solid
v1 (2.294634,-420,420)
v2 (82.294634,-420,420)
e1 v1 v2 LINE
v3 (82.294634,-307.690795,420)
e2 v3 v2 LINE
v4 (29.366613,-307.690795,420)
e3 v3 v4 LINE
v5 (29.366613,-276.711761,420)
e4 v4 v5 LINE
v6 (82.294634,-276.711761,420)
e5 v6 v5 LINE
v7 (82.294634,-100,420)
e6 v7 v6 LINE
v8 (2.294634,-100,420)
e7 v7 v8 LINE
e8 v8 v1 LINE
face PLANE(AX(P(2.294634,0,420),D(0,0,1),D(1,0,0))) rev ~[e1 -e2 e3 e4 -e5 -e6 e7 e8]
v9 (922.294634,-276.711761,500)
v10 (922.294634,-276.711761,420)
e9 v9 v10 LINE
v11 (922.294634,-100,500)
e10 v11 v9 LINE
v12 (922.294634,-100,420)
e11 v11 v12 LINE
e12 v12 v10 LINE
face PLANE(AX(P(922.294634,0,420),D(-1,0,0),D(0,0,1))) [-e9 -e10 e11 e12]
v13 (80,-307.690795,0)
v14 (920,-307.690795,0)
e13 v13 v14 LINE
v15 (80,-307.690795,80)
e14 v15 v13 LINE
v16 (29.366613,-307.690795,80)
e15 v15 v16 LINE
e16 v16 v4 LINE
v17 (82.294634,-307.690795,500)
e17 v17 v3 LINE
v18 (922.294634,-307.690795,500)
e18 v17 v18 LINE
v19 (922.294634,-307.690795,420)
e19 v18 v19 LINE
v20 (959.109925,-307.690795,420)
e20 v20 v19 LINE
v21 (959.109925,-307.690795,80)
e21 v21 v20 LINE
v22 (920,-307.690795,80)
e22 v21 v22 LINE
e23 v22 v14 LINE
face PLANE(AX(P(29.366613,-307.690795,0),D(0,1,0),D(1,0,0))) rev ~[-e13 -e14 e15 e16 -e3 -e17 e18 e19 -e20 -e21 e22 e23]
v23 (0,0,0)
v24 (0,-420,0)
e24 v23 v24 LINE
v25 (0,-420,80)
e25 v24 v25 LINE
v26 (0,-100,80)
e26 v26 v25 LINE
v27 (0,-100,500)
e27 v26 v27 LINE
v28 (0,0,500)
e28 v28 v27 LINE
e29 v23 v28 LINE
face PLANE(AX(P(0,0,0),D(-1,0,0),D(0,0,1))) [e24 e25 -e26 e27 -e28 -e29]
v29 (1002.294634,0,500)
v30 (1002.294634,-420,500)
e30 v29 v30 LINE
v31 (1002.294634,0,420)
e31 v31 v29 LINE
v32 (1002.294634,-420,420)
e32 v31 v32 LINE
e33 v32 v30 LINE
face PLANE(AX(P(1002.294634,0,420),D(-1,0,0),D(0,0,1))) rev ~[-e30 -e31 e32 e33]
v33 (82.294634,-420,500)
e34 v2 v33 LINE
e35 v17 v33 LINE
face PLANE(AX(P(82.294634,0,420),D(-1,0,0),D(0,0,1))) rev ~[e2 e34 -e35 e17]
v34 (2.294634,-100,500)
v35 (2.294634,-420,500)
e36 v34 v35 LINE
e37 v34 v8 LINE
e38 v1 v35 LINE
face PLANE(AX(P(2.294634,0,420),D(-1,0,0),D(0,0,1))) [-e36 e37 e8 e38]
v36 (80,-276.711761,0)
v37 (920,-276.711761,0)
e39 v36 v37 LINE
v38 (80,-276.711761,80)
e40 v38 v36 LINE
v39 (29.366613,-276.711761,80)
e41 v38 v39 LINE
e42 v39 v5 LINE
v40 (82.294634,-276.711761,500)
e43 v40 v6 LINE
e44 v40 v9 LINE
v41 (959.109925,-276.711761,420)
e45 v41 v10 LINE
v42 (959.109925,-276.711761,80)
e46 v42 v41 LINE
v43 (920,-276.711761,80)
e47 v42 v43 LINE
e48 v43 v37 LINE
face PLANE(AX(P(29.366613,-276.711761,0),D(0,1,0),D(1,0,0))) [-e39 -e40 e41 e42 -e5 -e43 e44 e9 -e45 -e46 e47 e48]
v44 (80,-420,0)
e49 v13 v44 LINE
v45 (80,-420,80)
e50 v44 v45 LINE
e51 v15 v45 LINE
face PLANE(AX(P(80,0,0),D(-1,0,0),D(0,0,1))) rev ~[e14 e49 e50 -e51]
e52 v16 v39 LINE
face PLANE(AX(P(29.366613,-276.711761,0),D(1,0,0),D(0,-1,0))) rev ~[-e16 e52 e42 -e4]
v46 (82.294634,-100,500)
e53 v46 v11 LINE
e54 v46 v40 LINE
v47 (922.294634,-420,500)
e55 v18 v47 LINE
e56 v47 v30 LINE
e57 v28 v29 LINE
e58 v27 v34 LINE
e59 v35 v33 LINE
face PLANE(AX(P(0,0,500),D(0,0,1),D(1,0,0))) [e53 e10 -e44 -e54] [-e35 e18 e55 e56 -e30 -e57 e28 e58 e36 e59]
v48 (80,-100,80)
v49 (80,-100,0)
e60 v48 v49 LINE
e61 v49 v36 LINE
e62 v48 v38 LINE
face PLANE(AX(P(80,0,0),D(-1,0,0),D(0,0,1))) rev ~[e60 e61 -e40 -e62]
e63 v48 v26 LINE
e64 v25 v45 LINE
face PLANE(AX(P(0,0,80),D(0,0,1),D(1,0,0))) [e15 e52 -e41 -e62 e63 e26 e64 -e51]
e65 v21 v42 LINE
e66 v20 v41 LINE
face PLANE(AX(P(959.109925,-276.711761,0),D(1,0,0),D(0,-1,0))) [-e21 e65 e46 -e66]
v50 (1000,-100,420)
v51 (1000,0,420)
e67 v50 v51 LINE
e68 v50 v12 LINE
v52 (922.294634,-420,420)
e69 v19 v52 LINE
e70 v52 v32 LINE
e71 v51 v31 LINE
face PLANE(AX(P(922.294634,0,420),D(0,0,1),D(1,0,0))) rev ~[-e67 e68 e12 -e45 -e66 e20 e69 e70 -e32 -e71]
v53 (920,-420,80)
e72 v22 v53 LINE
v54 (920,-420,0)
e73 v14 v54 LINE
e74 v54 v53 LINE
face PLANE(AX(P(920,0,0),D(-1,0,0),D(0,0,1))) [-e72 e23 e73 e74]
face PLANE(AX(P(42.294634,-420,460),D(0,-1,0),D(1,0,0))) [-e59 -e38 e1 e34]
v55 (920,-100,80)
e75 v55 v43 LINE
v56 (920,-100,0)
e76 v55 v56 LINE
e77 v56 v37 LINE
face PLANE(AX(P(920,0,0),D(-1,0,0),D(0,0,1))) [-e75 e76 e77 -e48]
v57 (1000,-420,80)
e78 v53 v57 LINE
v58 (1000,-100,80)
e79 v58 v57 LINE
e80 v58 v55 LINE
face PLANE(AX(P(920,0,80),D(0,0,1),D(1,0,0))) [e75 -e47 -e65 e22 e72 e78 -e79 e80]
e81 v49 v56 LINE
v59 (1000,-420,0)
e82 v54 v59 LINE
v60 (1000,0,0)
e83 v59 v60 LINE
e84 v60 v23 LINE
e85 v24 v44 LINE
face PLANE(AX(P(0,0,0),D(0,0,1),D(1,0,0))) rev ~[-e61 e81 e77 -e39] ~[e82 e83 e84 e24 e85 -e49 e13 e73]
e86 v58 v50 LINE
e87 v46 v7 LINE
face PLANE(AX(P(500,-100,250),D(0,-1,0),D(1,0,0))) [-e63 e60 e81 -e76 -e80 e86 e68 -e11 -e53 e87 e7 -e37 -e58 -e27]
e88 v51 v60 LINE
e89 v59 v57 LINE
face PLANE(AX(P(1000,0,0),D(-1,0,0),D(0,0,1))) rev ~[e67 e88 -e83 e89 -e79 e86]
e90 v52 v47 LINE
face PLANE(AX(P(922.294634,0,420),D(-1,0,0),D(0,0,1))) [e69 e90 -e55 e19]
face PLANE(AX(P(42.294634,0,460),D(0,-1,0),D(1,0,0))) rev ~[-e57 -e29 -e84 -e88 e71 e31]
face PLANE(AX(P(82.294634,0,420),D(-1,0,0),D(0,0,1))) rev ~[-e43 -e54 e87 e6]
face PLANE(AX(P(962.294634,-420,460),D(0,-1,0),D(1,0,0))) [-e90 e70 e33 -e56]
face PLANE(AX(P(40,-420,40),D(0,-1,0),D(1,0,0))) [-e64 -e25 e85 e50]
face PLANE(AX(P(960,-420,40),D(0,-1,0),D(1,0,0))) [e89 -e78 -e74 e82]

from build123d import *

# Parameters (mm, degrees)
SKETCH_W     = 1000
SKETCH_H     = 500
PAD_DEPTH    = 100
SKETCH001_W  = 80
SKETCH001_H  = 80
PAD001_DEPTH = 420
SKETCH002_W  = 929.743311
SKETCH002_H  = 30.979035
PAD002_DEPTH = 500


with BuildPart() as part:
    # Sketch → Pad (new body)
    with BuildSketch(Plane.XZ):
        with Locations((500, 250)):
            Rectangle(SKETCH_W, SKETCH_H)
    extrude(amount=PAD_DEPTH)

    # Sketch001 → Pad001 (join)
    with BuildSketch(Plane.XZ):
        with Locations((42.294634, 460)):
            Rectangle(SKETCH001_W, SKETCH001_H)
        with Locations((40, 40)):
            Rectangle(SKETCH001_W, SKETCH001_H)
        with Locations((962.294634, 460)):
            Rectangle(SKETCH001_W, SKETCH001_H)
        with Locations((960, 40)):
            Rectangle(SKETCH001_W, SKETCH001_H)
    extrude(amount=PAD001_DEPTH)

    # Sketch002 (on Face16 of Pad001) → Pad002 (join)
    with BuildSketch(Plane(origin=(0, 0, 0), x_dir=(1, 0, 0), z_dir=(0, 0, -1))):
        with Locations((494.238269, 292.201278)):
            Rectangle(SKETCH002_W, SKETCH002_H)
    extrude(amount=-PAD002_DEPTH)


solid = part.part
